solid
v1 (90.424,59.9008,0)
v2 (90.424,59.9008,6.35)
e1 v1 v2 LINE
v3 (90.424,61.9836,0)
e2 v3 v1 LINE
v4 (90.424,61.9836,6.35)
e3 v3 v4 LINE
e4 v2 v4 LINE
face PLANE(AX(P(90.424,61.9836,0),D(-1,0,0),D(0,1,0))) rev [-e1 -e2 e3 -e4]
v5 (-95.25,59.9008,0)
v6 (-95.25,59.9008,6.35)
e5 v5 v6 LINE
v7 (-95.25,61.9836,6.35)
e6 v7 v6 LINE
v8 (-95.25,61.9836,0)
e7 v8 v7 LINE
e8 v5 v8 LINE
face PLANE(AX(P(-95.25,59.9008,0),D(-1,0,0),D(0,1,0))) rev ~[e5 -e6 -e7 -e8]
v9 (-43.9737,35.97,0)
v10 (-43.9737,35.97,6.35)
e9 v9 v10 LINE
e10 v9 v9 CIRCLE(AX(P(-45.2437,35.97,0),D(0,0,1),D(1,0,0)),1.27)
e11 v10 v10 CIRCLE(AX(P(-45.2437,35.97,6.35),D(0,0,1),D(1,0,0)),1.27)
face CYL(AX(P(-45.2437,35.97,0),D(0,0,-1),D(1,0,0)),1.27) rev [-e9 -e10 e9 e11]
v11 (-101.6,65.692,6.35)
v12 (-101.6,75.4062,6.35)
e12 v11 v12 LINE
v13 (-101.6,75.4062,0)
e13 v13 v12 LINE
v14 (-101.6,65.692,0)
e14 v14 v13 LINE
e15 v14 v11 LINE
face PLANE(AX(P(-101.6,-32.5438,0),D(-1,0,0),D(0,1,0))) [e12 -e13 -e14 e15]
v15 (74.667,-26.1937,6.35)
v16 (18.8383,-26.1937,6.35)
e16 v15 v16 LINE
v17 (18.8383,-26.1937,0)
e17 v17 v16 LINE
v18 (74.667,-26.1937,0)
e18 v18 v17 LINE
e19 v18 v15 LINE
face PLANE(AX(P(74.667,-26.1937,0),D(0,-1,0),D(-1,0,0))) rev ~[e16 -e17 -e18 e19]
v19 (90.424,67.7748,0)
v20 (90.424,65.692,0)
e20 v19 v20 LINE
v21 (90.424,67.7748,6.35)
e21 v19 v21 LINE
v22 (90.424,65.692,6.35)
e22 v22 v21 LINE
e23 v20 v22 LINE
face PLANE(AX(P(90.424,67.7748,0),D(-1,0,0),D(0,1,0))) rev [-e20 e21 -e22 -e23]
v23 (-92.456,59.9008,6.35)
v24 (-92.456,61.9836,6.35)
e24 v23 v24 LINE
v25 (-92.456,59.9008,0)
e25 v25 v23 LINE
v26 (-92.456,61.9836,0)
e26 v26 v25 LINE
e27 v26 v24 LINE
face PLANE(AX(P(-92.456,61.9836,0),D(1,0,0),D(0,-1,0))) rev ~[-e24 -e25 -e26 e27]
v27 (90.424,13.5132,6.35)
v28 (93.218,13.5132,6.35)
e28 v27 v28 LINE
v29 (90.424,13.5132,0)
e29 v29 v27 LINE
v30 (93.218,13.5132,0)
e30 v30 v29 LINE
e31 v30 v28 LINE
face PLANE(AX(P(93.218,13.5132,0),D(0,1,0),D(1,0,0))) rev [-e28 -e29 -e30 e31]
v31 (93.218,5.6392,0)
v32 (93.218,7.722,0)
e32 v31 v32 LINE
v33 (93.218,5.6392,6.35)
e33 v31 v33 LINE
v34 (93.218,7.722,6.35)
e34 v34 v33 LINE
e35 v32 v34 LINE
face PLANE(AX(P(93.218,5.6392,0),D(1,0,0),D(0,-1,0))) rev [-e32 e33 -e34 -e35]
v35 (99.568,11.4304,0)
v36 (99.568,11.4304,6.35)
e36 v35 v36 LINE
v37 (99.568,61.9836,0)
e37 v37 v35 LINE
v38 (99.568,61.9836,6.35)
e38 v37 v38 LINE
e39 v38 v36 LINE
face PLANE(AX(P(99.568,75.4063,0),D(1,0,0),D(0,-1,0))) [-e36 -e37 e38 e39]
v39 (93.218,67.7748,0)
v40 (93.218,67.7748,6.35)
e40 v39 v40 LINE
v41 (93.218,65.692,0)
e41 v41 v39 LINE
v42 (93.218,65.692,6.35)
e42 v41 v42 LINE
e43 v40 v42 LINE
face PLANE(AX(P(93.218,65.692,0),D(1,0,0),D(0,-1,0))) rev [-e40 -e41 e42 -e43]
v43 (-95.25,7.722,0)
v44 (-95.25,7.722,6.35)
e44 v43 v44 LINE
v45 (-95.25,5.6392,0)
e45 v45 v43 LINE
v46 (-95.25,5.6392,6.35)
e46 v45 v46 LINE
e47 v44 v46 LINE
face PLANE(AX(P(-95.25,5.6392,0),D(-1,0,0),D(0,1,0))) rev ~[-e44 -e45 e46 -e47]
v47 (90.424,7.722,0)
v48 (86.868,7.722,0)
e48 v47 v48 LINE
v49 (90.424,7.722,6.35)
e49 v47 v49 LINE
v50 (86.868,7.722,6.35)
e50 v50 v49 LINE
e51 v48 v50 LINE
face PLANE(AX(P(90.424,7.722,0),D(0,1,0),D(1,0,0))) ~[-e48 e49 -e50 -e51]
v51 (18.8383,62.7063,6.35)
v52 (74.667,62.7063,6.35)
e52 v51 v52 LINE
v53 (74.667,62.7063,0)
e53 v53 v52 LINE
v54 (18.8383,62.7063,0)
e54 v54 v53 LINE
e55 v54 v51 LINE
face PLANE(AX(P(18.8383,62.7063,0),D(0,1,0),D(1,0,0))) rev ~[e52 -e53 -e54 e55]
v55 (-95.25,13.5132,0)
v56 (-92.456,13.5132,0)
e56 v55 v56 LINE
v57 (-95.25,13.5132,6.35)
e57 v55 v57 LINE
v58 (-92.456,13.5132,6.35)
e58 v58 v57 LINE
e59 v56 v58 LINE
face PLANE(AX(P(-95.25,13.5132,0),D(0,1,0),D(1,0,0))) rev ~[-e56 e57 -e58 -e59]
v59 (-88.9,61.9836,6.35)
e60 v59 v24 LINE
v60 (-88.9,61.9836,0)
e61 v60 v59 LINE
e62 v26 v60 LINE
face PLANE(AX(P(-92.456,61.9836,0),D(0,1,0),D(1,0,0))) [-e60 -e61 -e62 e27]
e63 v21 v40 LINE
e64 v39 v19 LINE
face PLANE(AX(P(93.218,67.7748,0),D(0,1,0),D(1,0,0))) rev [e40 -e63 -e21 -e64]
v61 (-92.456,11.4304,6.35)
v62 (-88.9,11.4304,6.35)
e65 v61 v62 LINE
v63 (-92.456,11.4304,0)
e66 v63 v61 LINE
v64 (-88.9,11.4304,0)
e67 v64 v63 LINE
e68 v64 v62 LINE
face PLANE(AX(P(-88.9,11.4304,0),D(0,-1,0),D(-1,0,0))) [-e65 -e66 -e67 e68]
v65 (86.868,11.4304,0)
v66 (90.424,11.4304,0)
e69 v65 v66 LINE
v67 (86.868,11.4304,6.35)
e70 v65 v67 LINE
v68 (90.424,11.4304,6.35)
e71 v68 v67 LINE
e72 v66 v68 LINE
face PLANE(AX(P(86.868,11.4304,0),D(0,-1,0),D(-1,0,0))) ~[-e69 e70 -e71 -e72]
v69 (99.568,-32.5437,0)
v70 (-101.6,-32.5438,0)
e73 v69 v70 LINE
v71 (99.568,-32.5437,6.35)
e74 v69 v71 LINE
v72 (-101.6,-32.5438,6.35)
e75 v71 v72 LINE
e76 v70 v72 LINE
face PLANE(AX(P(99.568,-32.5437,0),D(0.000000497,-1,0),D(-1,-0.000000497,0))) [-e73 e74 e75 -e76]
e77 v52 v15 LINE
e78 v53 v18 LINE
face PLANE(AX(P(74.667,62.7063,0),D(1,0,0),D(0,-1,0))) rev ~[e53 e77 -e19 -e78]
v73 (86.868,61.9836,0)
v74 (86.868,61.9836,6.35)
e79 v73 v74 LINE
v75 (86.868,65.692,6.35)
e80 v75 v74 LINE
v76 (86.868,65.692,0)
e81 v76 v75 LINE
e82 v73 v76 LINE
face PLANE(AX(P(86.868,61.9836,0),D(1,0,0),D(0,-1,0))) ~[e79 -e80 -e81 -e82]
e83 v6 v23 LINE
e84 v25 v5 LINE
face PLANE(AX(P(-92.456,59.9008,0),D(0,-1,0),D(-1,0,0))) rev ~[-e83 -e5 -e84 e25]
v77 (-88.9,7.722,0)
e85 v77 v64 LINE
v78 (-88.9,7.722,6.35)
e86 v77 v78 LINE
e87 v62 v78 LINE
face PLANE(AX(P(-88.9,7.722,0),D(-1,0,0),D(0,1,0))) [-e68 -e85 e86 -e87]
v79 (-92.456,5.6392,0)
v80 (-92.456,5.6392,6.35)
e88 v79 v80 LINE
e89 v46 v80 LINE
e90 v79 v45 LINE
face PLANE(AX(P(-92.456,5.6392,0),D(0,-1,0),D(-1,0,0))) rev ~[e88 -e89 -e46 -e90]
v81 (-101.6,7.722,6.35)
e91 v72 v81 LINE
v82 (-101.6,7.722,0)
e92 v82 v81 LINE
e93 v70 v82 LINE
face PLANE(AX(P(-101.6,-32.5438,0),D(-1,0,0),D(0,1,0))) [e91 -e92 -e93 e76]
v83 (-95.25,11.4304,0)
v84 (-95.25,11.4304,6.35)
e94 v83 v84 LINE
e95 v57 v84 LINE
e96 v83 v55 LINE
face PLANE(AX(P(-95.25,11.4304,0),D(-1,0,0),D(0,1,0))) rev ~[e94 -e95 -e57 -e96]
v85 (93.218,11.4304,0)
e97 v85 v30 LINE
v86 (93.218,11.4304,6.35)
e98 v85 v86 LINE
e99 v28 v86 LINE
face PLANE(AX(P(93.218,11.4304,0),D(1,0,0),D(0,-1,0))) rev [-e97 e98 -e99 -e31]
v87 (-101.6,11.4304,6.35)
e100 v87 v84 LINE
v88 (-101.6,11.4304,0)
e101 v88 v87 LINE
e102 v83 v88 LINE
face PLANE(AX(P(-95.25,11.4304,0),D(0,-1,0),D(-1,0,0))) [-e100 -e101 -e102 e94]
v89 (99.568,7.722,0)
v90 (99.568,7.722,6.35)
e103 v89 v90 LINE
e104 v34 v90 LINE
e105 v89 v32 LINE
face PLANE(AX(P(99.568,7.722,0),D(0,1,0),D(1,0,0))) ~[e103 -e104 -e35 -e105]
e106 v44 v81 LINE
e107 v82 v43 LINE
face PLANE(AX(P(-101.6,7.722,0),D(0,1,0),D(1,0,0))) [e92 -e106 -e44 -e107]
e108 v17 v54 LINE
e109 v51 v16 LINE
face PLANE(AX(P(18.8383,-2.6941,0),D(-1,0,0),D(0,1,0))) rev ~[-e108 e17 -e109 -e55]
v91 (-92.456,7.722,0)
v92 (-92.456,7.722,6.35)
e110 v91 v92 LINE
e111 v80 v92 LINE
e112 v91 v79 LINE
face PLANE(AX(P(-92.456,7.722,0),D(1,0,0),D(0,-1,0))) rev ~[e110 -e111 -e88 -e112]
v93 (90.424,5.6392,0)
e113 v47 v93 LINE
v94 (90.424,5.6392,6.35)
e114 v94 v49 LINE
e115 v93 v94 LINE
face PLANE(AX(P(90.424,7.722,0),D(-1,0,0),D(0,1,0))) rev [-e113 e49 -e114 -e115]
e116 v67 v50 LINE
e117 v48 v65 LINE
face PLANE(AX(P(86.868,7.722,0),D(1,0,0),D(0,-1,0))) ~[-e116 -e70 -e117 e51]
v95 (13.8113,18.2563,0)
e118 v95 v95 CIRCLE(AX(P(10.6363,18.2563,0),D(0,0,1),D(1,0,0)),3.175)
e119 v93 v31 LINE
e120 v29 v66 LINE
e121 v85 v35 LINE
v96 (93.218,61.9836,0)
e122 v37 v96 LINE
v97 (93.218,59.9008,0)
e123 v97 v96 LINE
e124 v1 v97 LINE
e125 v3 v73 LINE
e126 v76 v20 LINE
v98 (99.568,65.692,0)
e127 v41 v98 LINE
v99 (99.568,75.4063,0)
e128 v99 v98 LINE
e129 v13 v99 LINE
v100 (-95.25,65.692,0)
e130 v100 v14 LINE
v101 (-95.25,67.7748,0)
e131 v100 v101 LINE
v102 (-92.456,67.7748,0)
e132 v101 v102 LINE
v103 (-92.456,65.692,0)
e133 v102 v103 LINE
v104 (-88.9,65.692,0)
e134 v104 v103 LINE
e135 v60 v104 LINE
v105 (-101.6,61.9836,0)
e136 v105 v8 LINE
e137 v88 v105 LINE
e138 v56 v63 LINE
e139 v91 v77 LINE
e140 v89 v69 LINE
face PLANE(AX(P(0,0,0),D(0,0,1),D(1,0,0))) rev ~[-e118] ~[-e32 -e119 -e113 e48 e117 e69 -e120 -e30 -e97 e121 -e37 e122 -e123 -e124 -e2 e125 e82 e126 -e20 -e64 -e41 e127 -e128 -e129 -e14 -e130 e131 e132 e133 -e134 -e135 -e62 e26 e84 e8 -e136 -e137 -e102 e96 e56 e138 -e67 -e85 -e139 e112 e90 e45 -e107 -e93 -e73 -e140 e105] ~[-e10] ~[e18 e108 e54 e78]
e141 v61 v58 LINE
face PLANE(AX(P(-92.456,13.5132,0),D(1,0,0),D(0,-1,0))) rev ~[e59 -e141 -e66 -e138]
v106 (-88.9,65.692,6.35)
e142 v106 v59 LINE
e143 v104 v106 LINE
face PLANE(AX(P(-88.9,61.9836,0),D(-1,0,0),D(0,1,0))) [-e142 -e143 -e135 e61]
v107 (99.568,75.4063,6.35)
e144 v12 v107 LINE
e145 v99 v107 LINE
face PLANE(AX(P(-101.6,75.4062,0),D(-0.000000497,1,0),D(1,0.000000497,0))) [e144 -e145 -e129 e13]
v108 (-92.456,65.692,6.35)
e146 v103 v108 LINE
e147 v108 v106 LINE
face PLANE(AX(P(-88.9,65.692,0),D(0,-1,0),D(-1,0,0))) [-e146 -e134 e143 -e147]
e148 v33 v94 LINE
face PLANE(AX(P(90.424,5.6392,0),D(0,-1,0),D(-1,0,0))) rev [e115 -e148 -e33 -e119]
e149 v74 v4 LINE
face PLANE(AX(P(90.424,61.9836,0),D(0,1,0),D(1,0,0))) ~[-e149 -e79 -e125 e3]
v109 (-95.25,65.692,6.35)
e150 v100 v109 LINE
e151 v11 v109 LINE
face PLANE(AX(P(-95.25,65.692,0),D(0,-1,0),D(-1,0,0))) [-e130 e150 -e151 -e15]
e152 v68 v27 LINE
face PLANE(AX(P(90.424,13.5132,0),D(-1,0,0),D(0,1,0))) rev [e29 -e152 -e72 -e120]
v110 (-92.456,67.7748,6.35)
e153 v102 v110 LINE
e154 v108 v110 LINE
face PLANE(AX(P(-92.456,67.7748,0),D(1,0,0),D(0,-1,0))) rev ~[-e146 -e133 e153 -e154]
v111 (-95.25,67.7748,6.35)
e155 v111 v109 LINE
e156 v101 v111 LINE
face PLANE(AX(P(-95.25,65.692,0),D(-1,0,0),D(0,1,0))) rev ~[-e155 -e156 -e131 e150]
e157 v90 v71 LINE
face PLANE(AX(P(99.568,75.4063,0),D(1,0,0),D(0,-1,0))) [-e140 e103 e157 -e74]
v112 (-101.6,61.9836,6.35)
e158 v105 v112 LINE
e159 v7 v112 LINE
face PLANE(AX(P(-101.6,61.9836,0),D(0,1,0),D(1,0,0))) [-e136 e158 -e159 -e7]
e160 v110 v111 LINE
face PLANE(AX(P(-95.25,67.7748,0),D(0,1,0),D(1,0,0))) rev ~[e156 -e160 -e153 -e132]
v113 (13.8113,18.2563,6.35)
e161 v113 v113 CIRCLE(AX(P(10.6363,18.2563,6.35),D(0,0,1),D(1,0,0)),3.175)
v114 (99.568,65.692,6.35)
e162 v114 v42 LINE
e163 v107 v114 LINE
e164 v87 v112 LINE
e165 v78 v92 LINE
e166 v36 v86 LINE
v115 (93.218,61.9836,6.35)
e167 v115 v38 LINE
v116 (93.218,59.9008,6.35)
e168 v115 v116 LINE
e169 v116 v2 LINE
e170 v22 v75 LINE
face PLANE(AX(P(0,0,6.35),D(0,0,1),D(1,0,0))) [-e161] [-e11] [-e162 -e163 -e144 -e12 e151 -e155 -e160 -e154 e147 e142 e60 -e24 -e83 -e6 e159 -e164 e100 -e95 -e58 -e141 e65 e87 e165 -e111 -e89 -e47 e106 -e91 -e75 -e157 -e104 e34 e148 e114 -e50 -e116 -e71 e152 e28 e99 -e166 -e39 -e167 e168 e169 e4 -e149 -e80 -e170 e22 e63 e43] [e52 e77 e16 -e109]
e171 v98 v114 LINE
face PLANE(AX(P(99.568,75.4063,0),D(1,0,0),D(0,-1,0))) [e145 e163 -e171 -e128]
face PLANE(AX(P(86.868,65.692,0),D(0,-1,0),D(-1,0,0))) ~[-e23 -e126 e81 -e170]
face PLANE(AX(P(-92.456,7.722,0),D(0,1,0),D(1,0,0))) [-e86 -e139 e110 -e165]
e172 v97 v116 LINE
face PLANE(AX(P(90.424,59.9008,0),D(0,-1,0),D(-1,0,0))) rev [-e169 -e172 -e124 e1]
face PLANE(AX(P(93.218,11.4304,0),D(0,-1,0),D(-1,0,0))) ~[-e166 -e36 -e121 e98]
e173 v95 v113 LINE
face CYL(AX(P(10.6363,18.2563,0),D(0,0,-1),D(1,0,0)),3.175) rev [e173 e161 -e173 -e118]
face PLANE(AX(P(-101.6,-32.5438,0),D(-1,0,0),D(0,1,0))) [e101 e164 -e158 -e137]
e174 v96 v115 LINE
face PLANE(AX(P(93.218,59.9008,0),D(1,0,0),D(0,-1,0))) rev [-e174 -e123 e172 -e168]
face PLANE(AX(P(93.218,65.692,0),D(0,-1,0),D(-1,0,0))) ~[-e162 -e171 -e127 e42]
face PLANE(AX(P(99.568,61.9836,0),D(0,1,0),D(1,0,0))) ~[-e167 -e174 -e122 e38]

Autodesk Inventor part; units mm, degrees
ref_plane "YZ Plane" through (0, 0, 0) normal (1, 0, 0) x (0, 1, 0)
ref_plane "XZ Plane" through (0, 0, 0) normal (0, 1, 0) x (-1, 0, 0)
ref_plane "XY Plane" through (0, 0, 0) normal (0, 0, 1) x (1, 0, 0)
sketch "Sketch1" plane through (0, 0, 0) normal (0, 0, 1) x (1, 0, 0)
  circle A0 centre (-45.2437, 35.97) radius 1.27
  circle A1 centre (10.6363, 18.2563) radius 3.175
  line L0 (-71.7503, -2.6941) -> (-71.7503, 45.5566)
  line L1 (69.7183, -2.6941) -> (-71.7503, -2.6941)
  line L2 (69.7183, 45.5566) -> (69.7183, -2.6941)
  line L3 (-71.7503, 45.5566) -> (69.7183, 45.5566)
  line L4 (99.568, 75.4063) -> (99.568, -32.5437)
  line L5 (99.568, -32.5437) -> (-101.6, -32.5438)
  line L6 (-101.6, -32.5438) -> (-101.6, 75.4062)
  line L7 (-101.6, 75.4062) -> (99.568, 75.4063)
  line L8 (18.8383, 62.7063) -> (74.667, 62.7063)
  line L9 (74.667, 62.7063) -> (74.667, -26.1937)
  line L10 (74.667, -26.1937) -> (18.8383, -26.1937)
  line L11 (18.8383, -26.1937) -> (18.8383, 62.7063)
  line L12 (99.568, 21.4313) -> (-101.6, 21.4312) construction
  line L13 (8.6043, 3.175) -> (8.6043, 21.4313) construction
  point P0 (0, 0)
  dimension "d2" = 201.168
  dimension "d3" = 107.95
  dimension "d4" = 107.95
  dimension "d5" = 90
  dimension "d6" = 201.168
  dimension "d7" = 12.7
  dimension "d8" = 88.9
extrude "Extrusion1" add sketch "Sketch1" along normal blind 6.35 contours L0 L3 L11 L1 | L4 L5 L6 L7
sketch "Sketch2" plane through (0, 0, 0) normal (0, 0, -1) x (-1, 0, 0)
  line L0 (101.6, -32.5438) -> (101.6, 75.4062) projected
  line L1 (107.95, 65.692) -> (107.95, 61.9836) projected
  line L2 (107.95, 11.4304) -> (107.95, 7.722) projected
  line L3 (101.6, 7.722) -> (107.95, 7.722) construction
  line L4 (101.6, 11.4304) -> (107.95, 11.4304) construction
  line L5 (101.6, 61.9836) -> (107.95, 61.9836) construction
  line L6 (101.6, 65.4439) -> (107.95, 65.4439) construction
  line L7 (101.6, 7.722) -> (88.9, 7.722)
  line L8 (88.9, 7.722) -> (88.9, 11.4304)
  line L9 (88.9, 11.4304) -> (101.6, 11.4304)
  line L10 (101.6, 11.4304) -> (101.6, 7.722)
  line L11 (101.6, 61.9836) -> (88.9, 61.9836)
  line L12 (88.9, 61.9836) -> (88.9, 65.692)
  line L13 (88.9, 65.692) -> (101.6, 65.692)
  line L14 (101.6, 65.692) -> (101.6, 61.9836)
  line L15 (92.456, 5.6392) -> (95.25, 5.6392)
  line L16 (95.25, 5.6392) -> (95.25, 13.5132)
  line L17 (95.25, 13.5132) -> (92.456, 13.5132)
  line L18 (92.456, 13.5132) -> (92.456, 5.6392)
  line L19 (92.456, 59.9008) -> (95.25, 59.9008)
  line L20 (95.25, 59.9008) -> (95.25, 67.7748)
  line L21 (95.25, 67.7748) -> (92.456, 67.7748)
  line L22 (92.456, 67.7748) -> (92.456, 59.9008)
  point P0 (0, 0)
  dimension "d9" = 12.7
  dimension "d10" = 2.794
  dimension "d11" = 7.874
  dimension "d12" = 7.874
  dimension "d13" = 2.794
  dimension "d14" = 2.0828
  dimension "d16" = 2.0828
  dimension "d17" = 2.0828
  dimension "d18" = 6.35
  dimension "d19" = 6.35
extrude "Extrusion2" cut sketch "Sketch2" against normal through all
ref_plane "Work Plane1" through (-1.016, -32.5437, 0) normal (-1, 0, 0) x (0, 0, 1)
mirror "Mirror1" about plane through (-1.016, -32.5437, 0) normal (-1, 0, 0) of "Extrusion2"
equation "\"d4\" = d3"
equation "\"d6\" = d2"
equation "\"d13\" = d10"
equation "\"d14\" = d16"
equation "\"d17\" = d14"
equation "\"d19\" = d18"
properties part number "projectorMountingBase" material "Steel, Wrought"
